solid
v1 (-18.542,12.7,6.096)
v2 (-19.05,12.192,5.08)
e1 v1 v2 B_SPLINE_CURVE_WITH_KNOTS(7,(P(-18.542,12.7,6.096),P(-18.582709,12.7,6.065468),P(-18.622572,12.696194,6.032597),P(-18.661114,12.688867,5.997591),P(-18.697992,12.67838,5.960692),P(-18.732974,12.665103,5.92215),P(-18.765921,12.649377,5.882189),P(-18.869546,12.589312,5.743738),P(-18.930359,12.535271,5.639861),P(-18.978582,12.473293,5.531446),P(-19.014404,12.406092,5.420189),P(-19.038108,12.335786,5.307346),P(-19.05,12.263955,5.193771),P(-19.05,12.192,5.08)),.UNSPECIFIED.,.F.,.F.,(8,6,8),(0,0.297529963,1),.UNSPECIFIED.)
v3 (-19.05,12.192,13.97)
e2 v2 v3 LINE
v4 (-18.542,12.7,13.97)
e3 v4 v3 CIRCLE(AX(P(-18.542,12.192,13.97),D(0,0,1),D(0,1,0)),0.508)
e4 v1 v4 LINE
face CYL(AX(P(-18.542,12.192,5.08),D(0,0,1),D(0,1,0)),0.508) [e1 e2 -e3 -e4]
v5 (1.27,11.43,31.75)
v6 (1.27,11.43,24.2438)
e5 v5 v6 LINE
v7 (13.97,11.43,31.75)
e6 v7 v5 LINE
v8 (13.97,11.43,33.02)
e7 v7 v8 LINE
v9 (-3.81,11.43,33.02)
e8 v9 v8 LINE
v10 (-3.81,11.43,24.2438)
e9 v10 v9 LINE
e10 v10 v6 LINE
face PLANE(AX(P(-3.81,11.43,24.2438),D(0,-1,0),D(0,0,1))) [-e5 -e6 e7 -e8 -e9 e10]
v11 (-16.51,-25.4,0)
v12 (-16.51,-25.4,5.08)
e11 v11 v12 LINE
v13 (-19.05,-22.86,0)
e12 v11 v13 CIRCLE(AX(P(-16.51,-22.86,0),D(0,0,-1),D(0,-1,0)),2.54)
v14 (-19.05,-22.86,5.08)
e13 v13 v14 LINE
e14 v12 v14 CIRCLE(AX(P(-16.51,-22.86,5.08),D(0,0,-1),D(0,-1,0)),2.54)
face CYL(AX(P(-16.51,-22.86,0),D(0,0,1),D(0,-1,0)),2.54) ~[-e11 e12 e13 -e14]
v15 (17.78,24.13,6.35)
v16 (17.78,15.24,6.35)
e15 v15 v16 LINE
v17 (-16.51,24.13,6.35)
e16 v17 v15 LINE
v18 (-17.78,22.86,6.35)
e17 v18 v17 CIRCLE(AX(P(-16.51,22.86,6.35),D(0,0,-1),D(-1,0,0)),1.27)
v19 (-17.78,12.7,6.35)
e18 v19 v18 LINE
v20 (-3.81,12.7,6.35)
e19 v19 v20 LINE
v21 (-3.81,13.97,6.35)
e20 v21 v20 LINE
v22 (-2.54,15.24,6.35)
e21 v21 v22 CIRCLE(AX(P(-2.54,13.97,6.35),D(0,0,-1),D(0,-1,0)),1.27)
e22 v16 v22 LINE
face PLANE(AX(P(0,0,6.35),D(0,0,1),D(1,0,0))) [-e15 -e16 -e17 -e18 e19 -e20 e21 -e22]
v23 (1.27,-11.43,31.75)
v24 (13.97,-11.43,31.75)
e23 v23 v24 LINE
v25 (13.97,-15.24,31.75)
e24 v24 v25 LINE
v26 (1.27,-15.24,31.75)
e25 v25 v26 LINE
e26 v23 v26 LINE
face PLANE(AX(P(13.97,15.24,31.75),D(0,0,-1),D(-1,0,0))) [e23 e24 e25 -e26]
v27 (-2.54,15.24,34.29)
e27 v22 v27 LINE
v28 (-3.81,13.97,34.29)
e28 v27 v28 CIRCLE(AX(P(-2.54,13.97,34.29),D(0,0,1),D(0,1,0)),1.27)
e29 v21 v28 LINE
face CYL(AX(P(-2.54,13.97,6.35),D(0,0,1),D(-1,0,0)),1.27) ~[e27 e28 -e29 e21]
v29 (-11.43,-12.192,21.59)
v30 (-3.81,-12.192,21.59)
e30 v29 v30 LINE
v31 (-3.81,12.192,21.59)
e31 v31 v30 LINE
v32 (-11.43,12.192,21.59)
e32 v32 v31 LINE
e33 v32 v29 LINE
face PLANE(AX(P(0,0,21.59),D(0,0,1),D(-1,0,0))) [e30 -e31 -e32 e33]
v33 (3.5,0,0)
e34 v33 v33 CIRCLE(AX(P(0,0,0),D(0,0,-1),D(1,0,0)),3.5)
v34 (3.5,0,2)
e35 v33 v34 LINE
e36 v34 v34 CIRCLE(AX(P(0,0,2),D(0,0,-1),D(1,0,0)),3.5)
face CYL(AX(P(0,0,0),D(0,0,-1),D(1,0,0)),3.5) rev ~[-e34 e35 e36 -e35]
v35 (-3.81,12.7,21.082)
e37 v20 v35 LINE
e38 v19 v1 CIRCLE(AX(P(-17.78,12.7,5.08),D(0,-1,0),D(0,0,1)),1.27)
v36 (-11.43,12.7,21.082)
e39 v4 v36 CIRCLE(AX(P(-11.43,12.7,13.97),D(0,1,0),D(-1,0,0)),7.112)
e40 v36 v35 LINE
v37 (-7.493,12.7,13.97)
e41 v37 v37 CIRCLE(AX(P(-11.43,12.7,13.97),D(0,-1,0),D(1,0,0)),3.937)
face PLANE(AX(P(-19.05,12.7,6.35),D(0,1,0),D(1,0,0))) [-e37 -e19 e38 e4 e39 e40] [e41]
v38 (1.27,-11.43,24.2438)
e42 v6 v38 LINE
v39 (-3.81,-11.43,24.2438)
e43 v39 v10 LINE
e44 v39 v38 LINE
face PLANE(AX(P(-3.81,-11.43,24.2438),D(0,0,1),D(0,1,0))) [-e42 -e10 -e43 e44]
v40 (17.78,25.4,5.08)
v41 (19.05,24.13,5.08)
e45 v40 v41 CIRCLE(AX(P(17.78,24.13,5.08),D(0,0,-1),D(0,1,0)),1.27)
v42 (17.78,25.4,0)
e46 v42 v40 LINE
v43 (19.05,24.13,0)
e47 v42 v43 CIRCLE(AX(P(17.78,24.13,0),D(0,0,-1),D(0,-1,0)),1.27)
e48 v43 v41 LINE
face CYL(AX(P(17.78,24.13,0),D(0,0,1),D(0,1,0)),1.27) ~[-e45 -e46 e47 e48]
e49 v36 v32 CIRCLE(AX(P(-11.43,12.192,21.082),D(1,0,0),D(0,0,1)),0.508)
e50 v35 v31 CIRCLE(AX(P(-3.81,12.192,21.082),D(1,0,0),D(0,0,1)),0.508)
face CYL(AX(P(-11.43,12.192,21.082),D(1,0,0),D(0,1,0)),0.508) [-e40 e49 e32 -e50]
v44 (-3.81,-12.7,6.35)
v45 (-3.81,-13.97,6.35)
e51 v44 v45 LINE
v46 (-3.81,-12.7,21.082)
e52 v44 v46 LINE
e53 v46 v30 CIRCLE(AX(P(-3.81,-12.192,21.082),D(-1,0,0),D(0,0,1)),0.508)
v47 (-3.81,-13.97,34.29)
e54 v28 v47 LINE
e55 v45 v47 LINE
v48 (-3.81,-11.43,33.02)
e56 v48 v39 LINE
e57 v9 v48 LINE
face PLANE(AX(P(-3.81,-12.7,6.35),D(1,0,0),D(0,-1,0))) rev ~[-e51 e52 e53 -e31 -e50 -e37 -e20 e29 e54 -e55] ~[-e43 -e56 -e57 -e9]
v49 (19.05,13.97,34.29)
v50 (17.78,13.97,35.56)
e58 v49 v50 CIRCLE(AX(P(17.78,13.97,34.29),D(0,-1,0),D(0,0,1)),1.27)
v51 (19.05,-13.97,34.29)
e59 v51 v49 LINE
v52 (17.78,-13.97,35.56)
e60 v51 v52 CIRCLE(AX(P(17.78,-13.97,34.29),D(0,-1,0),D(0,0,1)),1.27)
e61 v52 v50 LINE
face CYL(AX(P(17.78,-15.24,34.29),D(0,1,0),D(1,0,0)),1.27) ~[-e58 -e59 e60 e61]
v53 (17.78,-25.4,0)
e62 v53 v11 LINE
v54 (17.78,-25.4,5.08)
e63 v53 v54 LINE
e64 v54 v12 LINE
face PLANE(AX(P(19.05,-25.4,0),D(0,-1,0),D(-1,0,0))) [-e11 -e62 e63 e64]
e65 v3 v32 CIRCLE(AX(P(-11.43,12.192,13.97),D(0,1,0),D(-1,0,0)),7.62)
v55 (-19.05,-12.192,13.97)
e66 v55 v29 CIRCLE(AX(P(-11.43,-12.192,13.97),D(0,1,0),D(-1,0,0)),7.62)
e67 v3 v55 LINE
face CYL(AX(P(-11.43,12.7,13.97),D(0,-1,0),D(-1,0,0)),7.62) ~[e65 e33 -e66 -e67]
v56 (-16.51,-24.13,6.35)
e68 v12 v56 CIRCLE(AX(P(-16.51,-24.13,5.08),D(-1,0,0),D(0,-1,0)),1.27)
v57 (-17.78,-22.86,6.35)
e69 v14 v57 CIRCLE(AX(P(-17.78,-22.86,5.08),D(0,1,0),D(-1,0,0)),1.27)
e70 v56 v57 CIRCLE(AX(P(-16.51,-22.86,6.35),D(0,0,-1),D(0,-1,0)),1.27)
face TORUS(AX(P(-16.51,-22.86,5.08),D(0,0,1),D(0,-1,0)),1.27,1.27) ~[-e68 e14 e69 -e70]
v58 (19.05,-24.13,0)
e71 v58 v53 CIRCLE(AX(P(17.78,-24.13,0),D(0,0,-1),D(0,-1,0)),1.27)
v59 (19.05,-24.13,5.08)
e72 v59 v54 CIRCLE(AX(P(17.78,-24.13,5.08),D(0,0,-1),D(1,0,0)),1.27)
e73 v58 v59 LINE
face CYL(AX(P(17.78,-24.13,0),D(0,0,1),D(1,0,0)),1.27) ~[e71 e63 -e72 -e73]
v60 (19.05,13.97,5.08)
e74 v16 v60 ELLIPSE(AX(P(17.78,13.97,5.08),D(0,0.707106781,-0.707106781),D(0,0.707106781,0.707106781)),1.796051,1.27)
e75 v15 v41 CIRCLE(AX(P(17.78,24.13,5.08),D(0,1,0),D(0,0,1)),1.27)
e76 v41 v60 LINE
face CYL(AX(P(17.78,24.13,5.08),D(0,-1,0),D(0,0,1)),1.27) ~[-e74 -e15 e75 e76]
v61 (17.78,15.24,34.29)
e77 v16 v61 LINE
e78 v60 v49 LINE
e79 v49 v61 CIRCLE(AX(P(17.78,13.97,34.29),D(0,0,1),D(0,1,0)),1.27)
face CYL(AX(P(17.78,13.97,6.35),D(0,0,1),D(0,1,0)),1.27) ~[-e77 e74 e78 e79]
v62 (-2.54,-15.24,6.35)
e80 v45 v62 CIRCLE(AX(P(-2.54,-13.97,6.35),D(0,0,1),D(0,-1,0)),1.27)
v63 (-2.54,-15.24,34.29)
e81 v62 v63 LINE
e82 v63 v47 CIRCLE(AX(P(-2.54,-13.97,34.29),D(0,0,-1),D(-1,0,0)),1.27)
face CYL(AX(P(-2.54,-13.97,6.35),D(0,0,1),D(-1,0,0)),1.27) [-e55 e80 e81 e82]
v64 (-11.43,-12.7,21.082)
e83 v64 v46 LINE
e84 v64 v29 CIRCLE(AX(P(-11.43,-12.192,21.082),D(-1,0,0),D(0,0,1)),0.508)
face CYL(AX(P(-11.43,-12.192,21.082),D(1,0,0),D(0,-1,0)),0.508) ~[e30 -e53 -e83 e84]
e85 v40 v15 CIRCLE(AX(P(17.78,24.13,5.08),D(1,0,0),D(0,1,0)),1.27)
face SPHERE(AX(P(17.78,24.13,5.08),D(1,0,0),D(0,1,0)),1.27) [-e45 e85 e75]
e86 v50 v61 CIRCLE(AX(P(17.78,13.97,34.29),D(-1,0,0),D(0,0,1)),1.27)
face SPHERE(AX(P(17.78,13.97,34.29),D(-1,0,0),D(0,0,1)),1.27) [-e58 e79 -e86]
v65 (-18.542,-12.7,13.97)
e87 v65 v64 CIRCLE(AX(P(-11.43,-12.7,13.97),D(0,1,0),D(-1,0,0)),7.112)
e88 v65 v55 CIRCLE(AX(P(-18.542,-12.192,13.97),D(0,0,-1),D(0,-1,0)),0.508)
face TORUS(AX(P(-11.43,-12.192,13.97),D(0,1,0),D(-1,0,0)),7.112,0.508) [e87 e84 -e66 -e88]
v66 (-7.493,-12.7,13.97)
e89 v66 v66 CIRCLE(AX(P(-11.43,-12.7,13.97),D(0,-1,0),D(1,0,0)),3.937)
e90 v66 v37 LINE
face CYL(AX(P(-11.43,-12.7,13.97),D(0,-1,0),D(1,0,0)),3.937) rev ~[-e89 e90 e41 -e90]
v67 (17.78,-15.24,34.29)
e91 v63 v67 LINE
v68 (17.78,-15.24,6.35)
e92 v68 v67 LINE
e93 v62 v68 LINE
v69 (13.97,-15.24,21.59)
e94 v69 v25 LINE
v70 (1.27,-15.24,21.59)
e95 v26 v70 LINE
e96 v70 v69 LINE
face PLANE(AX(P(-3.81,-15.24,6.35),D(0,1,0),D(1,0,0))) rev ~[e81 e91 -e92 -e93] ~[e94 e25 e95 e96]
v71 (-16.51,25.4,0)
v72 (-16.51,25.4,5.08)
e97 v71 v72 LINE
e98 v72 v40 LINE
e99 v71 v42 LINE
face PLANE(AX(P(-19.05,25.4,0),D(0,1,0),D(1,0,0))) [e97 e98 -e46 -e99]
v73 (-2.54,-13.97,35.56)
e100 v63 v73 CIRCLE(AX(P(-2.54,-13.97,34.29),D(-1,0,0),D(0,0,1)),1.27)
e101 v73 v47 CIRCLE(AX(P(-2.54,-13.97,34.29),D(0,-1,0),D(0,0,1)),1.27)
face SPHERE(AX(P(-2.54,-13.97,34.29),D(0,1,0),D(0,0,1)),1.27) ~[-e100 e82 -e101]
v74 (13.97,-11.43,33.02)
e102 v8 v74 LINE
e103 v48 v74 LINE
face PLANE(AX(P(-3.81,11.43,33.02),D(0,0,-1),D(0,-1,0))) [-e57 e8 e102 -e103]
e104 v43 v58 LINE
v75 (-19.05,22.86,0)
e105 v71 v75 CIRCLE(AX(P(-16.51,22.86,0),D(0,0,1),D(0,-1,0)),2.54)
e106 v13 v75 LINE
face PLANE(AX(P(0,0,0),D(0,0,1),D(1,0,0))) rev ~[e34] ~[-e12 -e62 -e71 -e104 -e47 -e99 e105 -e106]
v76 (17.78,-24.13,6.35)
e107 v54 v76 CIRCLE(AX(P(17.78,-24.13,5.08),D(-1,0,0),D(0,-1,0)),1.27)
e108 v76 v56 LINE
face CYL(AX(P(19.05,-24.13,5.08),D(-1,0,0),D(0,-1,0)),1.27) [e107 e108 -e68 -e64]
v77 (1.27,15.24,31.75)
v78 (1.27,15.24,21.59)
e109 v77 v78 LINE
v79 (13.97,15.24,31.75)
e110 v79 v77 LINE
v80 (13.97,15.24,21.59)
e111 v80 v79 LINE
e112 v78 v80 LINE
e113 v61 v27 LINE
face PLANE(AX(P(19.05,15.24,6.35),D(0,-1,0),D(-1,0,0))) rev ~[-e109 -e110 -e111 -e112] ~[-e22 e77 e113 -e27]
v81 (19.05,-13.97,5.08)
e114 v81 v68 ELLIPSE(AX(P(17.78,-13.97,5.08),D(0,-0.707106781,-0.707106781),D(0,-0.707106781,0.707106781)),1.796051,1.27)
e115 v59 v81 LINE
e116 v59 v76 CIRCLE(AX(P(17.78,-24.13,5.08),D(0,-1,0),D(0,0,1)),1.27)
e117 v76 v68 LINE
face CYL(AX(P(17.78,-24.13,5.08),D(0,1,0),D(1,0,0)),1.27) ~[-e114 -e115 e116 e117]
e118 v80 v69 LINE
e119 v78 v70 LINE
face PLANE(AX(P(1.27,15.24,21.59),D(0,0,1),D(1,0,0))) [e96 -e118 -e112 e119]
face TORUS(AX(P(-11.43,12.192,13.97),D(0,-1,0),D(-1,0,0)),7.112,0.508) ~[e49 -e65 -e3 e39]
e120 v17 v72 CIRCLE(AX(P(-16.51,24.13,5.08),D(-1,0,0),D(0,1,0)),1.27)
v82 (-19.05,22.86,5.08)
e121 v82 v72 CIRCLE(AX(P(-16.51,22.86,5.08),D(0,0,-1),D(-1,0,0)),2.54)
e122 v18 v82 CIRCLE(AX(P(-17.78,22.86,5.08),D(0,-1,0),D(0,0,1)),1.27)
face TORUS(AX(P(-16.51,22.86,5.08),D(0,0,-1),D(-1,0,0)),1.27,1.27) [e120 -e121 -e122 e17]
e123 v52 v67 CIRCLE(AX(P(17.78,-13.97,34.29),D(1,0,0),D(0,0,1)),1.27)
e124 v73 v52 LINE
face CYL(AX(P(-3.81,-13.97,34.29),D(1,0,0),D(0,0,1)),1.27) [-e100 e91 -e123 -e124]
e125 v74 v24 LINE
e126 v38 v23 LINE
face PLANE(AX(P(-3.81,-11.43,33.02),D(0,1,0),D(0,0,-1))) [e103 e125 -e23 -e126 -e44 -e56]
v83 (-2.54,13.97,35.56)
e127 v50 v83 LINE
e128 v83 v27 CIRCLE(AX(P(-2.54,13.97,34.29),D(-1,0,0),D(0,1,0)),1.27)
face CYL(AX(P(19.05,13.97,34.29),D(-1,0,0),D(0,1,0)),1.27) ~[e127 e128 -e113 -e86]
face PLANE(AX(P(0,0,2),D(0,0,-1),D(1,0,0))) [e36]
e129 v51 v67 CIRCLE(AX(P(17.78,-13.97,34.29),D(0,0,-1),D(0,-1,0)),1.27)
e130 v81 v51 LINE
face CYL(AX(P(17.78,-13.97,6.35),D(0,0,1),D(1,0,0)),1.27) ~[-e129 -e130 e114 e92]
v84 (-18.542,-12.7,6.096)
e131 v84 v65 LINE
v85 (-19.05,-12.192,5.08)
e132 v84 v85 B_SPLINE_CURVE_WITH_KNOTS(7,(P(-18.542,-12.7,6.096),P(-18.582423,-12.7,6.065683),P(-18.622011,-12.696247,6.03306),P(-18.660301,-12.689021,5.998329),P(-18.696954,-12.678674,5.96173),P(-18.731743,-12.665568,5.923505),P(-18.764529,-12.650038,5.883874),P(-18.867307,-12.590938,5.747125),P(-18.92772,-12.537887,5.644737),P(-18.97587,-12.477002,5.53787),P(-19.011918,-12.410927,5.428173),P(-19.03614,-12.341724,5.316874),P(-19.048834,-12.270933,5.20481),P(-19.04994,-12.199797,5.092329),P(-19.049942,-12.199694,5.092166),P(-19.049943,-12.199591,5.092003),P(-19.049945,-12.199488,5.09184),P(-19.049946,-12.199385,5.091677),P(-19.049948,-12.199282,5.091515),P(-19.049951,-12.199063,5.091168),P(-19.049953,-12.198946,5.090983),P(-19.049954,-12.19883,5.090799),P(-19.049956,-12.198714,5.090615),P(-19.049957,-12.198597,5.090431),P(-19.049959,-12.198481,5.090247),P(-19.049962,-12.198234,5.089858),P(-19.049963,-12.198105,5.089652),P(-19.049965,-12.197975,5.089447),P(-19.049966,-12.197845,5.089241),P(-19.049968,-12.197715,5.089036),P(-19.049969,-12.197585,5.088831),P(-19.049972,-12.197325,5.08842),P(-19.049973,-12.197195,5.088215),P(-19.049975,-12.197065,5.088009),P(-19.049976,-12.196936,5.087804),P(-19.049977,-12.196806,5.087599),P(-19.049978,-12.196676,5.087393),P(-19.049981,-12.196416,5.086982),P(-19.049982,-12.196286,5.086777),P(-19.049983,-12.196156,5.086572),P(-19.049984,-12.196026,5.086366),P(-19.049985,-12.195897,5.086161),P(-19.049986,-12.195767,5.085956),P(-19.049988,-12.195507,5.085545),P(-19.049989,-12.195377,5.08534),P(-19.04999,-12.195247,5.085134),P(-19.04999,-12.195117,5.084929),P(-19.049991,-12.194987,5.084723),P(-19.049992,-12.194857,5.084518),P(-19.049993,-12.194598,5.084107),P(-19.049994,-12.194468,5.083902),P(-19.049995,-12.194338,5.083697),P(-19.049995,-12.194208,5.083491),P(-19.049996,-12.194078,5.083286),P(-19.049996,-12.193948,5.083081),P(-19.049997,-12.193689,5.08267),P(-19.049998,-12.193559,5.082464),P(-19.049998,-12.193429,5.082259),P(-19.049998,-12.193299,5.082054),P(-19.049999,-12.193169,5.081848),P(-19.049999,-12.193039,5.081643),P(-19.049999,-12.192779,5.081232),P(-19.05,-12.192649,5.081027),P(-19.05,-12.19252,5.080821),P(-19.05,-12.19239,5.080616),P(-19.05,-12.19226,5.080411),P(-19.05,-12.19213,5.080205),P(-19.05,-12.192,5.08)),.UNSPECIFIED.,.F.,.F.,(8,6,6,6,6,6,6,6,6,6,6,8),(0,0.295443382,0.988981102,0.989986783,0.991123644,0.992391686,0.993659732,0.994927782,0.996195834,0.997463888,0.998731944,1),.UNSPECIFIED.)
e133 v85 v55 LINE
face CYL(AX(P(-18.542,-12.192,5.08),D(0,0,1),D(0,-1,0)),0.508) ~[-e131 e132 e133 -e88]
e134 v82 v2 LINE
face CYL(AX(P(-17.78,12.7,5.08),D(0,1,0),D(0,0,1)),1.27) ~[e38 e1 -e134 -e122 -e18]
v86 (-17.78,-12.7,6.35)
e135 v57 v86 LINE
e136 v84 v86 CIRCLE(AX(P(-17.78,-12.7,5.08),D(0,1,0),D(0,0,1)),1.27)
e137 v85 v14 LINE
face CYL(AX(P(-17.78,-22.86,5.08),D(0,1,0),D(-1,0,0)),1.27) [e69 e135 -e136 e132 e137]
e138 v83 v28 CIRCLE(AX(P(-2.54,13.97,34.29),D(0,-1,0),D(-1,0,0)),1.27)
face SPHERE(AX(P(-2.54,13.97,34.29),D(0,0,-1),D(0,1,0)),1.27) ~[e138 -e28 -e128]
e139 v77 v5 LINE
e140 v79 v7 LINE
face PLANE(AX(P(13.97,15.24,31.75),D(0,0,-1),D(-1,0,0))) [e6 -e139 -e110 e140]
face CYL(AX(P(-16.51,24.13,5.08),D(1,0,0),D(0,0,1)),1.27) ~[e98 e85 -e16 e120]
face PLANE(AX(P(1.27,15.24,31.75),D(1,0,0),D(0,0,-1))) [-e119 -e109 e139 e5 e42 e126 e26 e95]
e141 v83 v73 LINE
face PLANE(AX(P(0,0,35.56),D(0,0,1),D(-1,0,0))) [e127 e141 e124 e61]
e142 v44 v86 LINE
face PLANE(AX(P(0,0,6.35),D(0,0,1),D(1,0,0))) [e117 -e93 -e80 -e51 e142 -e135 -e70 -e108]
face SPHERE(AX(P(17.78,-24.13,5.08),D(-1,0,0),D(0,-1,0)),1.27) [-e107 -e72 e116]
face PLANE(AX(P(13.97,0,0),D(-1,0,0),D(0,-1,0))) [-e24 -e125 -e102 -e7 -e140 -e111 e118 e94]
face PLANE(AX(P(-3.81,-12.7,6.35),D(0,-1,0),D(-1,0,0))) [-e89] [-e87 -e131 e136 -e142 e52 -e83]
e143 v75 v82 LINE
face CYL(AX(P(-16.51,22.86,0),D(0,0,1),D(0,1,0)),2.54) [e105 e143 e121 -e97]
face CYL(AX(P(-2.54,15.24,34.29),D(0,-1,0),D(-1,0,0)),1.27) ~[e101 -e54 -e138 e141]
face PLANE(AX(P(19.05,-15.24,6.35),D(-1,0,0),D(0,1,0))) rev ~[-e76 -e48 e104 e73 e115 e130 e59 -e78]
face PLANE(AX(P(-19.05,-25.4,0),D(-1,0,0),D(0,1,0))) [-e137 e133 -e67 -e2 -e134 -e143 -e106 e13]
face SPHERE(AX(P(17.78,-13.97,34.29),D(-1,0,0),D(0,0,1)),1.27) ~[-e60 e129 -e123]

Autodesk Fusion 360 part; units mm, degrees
sketch "Sketch1" plane through (0, 0, 0) normal (0, 0, 1) x (1, 0, 0)
  line L0 (19.05, -25.4) -> (-19.05, -25.4)
  line L1 (-19.05, -25.4) -> (-19.05, 25.4)
  line L2 (-19.05, 25.4) -> (19.05, 25.4)
  line L3 (19.05, 25.4) -> (19.05, -25.4)
  line L4 (19.05, -25.4) -> (-19.05, 25.4) construction
  line L5 (-19.05, -25.4) -> (19.05, 25.4) construction
  dimension "d1" = 38.1
  dimension "d2" = 50.8
extrude "Extrude1" add sketch "Sketch1" along normal blind 6.35
sketch "Sketch2" plane through (0, 0, 6.35) normal (0, 0, 1) x (-1, 0, 0)
  line L0 (-19.05, -25.4) -> (19.05, -25.4)
  line L1 (19.05, -25.4) -> (19.05, 25.4)
  line L2 (19.05, 25.4) -> (-19.05, 25.4)
  line L3 (-19.05, 25.4) -> (-19.05, -25.4)
  line L4 (19.05, -12.7) -> (3.81, -12.7)
  line L5 (3.81, -12.7) -> (3.81, 12.7)
  line L6 (3.81, 12.7) -> (19.05, 12.7)
  line L7 (19.05, 12.7) -> (19.05, -12.7)
  line L8 (-19.05, -15.24) -> (3.81, -15.24)
  line L9 (3.81, -15.24) -> (3.81, 15.24)
  line L10 (3.81, 15.24) -> (-19.05, 15.24)
  line L11 (-19.05, 15.24) -> (-19.05, -15.24)
  dimension "d5" = 15.24
  dimension "d6" = 25.4
  dimension "d7" = 12.7
  dimension "d9" = 10.16
  dimension "d14" = 10.16
extrude "Extrude2" add sketch "Sketch2" along normal blind 15.24 contours L1 L4 L5 L6 L7 L9
extrude "Extrude3" add sketch "Sketch2" along normal blind 29.21 contours L3 L5 L8 L9 L10 L11
sketch "Sketch3" plane through (0, -12.7, 0) normal (0, -1, 0) x (1, 0, 0)
  line L0 (-19.05, 6.35) -> (-3.81, 6.35)
  line L1 (-3.81, 6.35) -> (-3.81, 21.59)
  line L2 (-3.81, 21.59) -> (-19.05, 21.59)
  line L3 (-19.05, 21.59) -> (-19.05, 6.35)
  circle A0 centre (-11.43, 13.97) radius 3.937
  dimension "d15" = 7.874
  dimension "d16" = 7.62
  dimension "d17" = 7.62
extrude "Extrude4" cut sketch "Sketch3" against normal through all contours A0
fillet "Fillet1" radius 2.54 2 edges at (-19.05, -25.4, 3.175) (-19.05, 25.4, 3.175)
fillet "Fillet2" radius 1.27 6 edges at (1.27, 25.4, 6.35) (-18.3061, 24.6561, 6.35) (-19.05, 17.78, 6.35) (-19.05, -17.78, 6.35) (-18.3061, -24.6561, 6.35) (1.27, -25.4, 6.35)
fillet "Fillet3" radius 7.62 1 edges at (-19.05, 0, 21.59)
fillet "Fillet4" radius 1.27 14 edges at (-3.81, 15.24, 20.955) (7.62, 15.24, 35.56) (-3.81, 0, 35.56) (7.62, -15.24, 35.56) (-3.81, -15.24, 20.955) (19.05, 0, 35.56) (19.05, -15.24, 20.955) (19.05, 15.24, 20.955) (19.05, -25.4, 2.54) (19.05, -25.028, 5.978) (19.05, -19.685, 6.35) (19.05, 19.685, 6.35) (19.05, 25.028, 5.978) (19.05, 25.4, 2.54)
fillet "Fillet5" radius 0.508 6 edges at (-7.62, 12.7, 21.59) (-16.8182, 12.7, 19.3582) (-19.05, 12.7, 9.525) (-19.05, -12.7, 9.525) (-16.8182, -12.7, 19.3582) (-7.62, -12.7, 21.59)
sketch "Sketch4" plane through (0, 15.24, 0) normal (0, 1, 0) x (-1, 0, 0)
  line L0 (2.54, 6.35) -> (2.54, 34.29)
  line L1 (2.54, 34.29) -> (-17.78, 34.29)
  line L2 (-17.78, 34.29) -> (-17.78, 6.35)
  line L3 (-17.78, 6.35) -> (2.54, 6.35)
  line L4 (-13.97, 31.75) -> (-1.27, 31.75)
  line L5 (-1.27, 31.75) -> (-1.27, 21.59)
  line L6 (-1.27, 21.59) -> (-13.97, 21.59)
  line L7 (-13.97, 21.59) -> (-13.97, 31.75)
  dimension "d29" = 3.81
  dimension "d30" = 3.81
  dimension "d31" = 2.54
  dimension "d32" = 10.16
extrude "Extrude5" cut sketch "Sketch4" against normal through all contours L4 L5 L6 L7
sketch "Sketch5" plane through (-3.81, 0, 0) normal (-1, 0, 0) x (0, -1, 0)
  line L0 (13.97, 6.35) -> (13.97, 34.29)
  line L1 (13.97, 34.29) -> (-13.97, 34.29)
  line L2 (-13.97, 34.29) -> (-13.97, 6.35)
  line L3 (-13.97, 6.35) -> (-12.7, 6.35)
  line L4 (-12.7, 6.35) -> (-12.7, 21.082)
  arc A0 (-12.192, 21.59) -> (-12.7, 21.082) centre (-12.192, 21.082) ccw
  line L5 (-12.192, 21.59) -> (12.192, 21.59)
  arc A1 (12.7, 21.082) -> (12.192, 21.59) centre (12.192, 21.082) ccw
  line L6 (12.7, 21.082) -> (12.7, 6.35)
  line L7 (12.7, 6.35) -> (13.97, 6.35)
  line L8 (-11.43, 33.02) -> (11.43, 33.02)
  line L9 (11.43, 33.02) -> (11.43, 24.2438)
  line L10 (11.43, 24.2438) -> (-11.43, 24.2438)
  line L11 (-11.43, 24.2438) -> (-11.43, 33.02)
extrude "Extrude6" cut sketch "Sketch5" against normal up to surface (17.78 mm away) contours L8 L9 L10 L11
sketch "Sketch6" plane through (0, 0, 0) normal (0, 0, -1) x (1, 0, 0)
  arc A0 (19.05, 24.13) -> (17.78, 25.4) centre (17.78, 24.13) ccw
  line L0 (17.78, 25.4) -> (-16.51, 25.4)
  arc A1 (-16.51, 25.4) -> (-19.05, 22.86) centre (-16.51, 22.86) ccw
  line L1 (-19.05, 22.86) -> (-19.05, -22.86)
  arc A2 (-19.05, -22.86) -> (-16.51, -25.4) centre (-16.51, -22.86) ccw
  line L2 (-16.51, -25.4) -> (17.78, -25.4)
  arc A3 (17.78, -25.4) -> (19.05, -24.13) centre (17.78, -24.13) ccw
  line L3 (19.05, -24.13) -> (19.05, 24.13)
  circle A4 centre (0, 0) radius 3.5
  dimension "d36" = 7
extrude "Extrude7" cut sketch "Sketch6" against normal blind 2 contours A4
